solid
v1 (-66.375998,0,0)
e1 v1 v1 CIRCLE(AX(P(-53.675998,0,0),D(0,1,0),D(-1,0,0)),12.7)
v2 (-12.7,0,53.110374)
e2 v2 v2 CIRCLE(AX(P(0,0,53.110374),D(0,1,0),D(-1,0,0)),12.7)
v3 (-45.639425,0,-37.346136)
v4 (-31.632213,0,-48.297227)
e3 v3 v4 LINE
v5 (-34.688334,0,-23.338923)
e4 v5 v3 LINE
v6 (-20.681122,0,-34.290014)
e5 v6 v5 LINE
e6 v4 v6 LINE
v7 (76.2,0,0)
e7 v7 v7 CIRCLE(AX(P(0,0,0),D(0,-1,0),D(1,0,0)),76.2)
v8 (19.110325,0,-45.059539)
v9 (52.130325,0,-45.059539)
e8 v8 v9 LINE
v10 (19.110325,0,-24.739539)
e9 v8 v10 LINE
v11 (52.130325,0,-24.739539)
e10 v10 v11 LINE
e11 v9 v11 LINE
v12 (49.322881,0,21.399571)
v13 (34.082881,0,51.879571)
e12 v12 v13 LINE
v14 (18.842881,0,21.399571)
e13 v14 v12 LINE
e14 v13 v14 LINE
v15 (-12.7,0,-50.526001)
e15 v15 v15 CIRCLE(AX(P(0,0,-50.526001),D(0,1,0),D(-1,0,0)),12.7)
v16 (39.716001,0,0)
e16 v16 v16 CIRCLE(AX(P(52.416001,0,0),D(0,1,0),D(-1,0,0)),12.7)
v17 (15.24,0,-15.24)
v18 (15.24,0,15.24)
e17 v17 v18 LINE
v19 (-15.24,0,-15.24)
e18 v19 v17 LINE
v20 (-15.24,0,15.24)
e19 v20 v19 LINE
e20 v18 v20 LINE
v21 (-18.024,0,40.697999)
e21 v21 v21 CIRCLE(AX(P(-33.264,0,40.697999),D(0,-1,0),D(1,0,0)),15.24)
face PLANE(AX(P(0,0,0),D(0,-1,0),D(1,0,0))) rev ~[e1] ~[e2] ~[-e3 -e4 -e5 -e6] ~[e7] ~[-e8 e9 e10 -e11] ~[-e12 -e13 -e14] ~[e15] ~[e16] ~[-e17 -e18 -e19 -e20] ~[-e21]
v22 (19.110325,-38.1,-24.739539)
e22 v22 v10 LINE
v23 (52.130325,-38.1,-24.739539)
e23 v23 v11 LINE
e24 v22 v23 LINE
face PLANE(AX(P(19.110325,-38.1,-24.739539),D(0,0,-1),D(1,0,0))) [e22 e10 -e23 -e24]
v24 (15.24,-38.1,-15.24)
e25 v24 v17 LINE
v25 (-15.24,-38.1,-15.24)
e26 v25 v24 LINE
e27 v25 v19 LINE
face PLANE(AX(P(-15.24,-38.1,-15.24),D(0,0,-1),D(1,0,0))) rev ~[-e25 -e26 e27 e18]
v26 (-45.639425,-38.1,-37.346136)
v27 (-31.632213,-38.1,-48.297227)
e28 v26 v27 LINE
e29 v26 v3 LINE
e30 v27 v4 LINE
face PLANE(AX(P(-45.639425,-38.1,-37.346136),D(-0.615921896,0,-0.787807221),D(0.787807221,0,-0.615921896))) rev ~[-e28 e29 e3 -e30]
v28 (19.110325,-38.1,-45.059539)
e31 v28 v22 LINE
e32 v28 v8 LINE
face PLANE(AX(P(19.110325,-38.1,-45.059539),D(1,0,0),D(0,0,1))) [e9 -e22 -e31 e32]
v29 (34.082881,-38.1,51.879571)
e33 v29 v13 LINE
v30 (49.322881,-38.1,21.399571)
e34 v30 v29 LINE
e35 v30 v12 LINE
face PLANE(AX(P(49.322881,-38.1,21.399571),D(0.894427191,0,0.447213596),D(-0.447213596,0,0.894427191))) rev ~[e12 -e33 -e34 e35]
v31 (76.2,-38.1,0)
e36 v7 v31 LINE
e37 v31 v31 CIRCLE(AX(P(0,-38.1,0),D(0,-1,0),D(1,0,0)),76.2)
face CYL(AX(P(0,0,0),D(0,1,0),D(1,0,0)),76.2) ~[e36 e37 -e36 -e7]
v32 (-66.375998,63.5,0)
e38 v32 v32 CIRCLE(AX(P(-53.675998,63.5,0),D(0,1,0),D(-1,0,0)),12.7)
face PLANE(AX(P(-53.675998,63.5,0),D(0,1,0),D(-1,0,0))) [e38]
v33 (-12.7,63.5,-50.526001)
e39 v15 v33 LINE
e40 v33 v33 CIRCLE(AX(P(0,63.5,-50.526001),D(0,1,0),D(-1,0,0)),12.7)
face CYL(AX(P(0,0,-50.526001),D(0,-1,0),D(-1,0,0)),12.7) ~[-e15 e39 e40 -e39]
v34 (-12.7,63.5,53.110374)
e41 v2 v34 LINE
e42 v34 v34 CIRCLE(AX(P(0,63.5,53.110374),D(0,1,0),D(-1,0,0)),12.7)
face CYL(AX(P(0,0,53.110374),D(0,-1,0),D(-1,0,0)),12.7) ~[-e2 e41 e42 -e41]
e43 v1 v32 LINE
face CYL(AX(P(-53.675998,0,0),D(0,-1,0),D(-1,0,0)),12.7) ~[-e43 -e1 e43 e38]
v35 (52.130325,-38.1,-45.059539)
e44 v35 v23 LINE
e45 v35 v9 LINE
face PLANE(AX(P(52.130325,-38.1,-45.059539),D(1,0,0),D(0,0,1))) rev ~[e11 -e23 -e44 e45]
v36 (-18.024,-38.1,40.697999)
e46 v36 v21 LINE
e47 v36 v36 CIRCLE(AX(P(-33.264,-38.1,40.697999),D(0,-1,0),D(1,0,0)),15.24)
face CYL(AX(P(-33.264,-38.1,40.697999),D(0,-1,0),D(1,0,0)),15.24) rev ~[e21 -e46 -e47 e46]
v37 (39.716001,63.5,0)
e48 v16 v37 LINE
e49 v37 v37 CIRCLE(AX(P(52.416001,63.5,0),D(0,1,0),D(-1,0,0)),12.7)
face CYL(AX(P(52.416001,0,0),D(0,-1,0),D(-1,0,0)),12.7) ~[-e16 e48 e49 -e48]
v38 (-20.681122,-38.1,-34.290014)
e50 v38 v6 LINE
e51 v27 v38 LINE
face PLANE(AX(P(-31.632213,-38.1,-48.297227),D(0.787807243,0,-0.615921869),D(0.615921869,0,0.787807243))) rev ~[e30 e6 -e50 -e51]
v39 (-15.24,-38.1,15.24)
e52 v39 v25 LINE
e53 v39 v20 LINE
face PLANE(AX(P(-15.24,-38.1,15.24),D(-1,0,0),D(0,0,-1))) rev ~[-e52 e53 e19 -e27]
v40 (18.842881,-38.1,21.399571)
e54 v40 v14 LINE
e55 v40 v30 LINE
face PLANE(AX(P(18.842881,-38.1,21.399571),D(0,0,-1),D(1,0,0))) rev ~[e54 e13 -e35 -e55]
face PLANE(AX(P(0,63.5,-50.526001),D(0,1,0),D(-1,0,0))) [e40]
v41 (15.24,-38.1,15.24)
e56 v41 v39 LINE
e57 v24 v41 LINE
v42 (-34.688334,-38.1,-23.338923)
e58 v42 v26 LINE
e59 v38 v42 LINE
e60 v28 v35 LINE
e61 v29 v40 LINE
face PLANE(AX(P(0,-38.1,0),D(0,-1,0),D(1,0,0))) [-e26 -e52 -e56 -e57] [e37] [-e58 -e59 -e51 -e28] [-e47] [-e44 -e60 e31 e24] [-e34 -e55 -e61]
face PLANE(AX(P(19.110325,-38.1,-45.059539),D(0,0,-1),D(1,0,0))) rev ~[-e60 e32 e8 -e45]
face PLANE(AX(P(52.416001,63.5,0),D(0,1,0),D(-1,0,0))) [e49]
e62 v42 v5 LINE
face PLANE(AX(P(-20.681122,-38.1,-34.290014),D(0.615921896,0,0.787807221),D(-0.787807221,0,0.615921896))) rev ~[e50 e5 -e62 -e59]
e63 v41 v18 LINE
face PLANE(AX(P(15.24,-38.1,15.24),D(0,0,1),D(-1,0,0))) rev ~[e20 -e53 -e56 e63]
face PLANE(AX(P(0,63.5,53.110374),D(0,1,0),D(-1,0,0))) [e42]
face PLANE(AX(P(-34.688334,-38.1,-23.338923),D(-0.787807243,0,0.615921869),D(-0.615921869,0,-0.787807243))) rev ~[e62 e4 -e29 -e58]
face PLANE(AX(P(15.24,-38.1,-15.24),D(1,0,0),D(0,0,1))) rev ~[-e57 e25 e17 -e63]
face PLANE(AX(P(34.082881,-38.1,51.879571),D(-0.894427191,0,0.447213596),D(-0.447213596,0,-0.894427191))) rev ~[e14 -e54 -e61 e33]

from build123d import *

# Parameters (mm, degrees)
F0_R      = 76.2
F1_DEPTH  = 38.1
F3_R      = 15.24
F4_DEPTH  = 38.1
F5_DEPTH  = 50.8
F7_DEPTH  = 38.1
F8_R      = 12.7
F9_DEPTH  = 63.5
F10_W     = 33.02
F10_H     = 20.32
F11_DEPTH = 50.8
F13_DEPTH = 38.1
F14_DEPTH = 38.1
F15_DEPTH = 38.1


with BuildPart() as f1:
    # F0 (on Front) → F1 (new body)
    with BuildSketch(Plane.XZ):
        Circle(F0_R)
    extrude(amount=F1_DEPTH)

    # F3 (on face) → F4 (cut)
    with BuildSketch(Plane.XZ.offset(38.1)):
        with Locations((-33.264, 40.697999)):
            Circle(F3_R)
    extrude(amount=-F4_DEPTH, mode=Mode.SUBTRACT)

    # F2 (on face) → F5 (cut)
    with BuildSketch(Plane.XZ.offset(38.1)):
        Polygon((34.082881, 51.879571), (18.842881, 21.399571), (49.322881, 21.399571), align=None)
    extrude(amount=-F5_DEPTH, mode=Mode.SUBTRACT)

    # F6 (on face) → F7 (cut)
    with BuildSketch(Plane.XZ.offset(38.1)):
        Polygon((15.24, 15.24), (0, 15.24), (-15.24, 15.24), (-15.24, -15.24), (0, -15.24), (15.24, -15.24), align=None)
    extrude(amount=-F7_DEPTH, mode=Mode.SUBTRACT)

    # F8 (on face) → F9 (join)
    with BuildSketch(Plane(origin=(0, 0, 0), x_dir=(-1, 0, 0), z_dir=(0, 1, 0))):
        with Locations((0, 53.110374)):
            Circle(F8_R)
        with Locations((0, -50.526001)):
            Circle(F8_R)
        with Locations((53.675998, 0)):
            Circle(F8_R)
        with Locations((-52.416001, 0)):
            Circle(F8_R)
    extrude(amount=F9_DEPTH)

    # F10 (on face) → F11 (cut)
    with BuildSketch(Plane.XZ.offset(38.1)):
        with Locations((35.620325, -34.899539)):
            Rectangle(F10_W, F10_H)
    extrude(amount=-F11_DEPTH, mode=Mode.SUBTRACT)

    # F12 (on face) → F13 (cut)
    with BuildSketch(Plane.XZ.offset(38.1)):
        Polygon((-20.681122, -34.290014), (-34.688334, -23.338923), (-45.639425, -37.346136), (-31.632213, -48.297227), align=None)
    extrude(amount=F13_DEPTH, mode=Mode.SUBTRACT)

    # F12 (on face) → F14 (cut)
    with BuildSketch(Plane.XZ.offset(38.1)):
        Polygon((-20.681122, -34.290014), (-34.688334, -23.338923), (-45.639425, -37.346136), (-31.632213, -48.297227), align=None)
    extrude(amount=-F14_DEPTH, mode=Mode.SUBTRACT)

    # F12 (on face) → F15 (cut)
    with BuildSketch(Plane.XZ.offset(38.1)):
        Polygon((-20.681122, -34.290014), (-34.688334, -23.338923), (-45.639425, -37.346136), (-31.632213, -48.297227), align=None)
    extrude(amount=-F15_DEPTH, mode=Mode.SUBTRACT)


solid = f1.part
